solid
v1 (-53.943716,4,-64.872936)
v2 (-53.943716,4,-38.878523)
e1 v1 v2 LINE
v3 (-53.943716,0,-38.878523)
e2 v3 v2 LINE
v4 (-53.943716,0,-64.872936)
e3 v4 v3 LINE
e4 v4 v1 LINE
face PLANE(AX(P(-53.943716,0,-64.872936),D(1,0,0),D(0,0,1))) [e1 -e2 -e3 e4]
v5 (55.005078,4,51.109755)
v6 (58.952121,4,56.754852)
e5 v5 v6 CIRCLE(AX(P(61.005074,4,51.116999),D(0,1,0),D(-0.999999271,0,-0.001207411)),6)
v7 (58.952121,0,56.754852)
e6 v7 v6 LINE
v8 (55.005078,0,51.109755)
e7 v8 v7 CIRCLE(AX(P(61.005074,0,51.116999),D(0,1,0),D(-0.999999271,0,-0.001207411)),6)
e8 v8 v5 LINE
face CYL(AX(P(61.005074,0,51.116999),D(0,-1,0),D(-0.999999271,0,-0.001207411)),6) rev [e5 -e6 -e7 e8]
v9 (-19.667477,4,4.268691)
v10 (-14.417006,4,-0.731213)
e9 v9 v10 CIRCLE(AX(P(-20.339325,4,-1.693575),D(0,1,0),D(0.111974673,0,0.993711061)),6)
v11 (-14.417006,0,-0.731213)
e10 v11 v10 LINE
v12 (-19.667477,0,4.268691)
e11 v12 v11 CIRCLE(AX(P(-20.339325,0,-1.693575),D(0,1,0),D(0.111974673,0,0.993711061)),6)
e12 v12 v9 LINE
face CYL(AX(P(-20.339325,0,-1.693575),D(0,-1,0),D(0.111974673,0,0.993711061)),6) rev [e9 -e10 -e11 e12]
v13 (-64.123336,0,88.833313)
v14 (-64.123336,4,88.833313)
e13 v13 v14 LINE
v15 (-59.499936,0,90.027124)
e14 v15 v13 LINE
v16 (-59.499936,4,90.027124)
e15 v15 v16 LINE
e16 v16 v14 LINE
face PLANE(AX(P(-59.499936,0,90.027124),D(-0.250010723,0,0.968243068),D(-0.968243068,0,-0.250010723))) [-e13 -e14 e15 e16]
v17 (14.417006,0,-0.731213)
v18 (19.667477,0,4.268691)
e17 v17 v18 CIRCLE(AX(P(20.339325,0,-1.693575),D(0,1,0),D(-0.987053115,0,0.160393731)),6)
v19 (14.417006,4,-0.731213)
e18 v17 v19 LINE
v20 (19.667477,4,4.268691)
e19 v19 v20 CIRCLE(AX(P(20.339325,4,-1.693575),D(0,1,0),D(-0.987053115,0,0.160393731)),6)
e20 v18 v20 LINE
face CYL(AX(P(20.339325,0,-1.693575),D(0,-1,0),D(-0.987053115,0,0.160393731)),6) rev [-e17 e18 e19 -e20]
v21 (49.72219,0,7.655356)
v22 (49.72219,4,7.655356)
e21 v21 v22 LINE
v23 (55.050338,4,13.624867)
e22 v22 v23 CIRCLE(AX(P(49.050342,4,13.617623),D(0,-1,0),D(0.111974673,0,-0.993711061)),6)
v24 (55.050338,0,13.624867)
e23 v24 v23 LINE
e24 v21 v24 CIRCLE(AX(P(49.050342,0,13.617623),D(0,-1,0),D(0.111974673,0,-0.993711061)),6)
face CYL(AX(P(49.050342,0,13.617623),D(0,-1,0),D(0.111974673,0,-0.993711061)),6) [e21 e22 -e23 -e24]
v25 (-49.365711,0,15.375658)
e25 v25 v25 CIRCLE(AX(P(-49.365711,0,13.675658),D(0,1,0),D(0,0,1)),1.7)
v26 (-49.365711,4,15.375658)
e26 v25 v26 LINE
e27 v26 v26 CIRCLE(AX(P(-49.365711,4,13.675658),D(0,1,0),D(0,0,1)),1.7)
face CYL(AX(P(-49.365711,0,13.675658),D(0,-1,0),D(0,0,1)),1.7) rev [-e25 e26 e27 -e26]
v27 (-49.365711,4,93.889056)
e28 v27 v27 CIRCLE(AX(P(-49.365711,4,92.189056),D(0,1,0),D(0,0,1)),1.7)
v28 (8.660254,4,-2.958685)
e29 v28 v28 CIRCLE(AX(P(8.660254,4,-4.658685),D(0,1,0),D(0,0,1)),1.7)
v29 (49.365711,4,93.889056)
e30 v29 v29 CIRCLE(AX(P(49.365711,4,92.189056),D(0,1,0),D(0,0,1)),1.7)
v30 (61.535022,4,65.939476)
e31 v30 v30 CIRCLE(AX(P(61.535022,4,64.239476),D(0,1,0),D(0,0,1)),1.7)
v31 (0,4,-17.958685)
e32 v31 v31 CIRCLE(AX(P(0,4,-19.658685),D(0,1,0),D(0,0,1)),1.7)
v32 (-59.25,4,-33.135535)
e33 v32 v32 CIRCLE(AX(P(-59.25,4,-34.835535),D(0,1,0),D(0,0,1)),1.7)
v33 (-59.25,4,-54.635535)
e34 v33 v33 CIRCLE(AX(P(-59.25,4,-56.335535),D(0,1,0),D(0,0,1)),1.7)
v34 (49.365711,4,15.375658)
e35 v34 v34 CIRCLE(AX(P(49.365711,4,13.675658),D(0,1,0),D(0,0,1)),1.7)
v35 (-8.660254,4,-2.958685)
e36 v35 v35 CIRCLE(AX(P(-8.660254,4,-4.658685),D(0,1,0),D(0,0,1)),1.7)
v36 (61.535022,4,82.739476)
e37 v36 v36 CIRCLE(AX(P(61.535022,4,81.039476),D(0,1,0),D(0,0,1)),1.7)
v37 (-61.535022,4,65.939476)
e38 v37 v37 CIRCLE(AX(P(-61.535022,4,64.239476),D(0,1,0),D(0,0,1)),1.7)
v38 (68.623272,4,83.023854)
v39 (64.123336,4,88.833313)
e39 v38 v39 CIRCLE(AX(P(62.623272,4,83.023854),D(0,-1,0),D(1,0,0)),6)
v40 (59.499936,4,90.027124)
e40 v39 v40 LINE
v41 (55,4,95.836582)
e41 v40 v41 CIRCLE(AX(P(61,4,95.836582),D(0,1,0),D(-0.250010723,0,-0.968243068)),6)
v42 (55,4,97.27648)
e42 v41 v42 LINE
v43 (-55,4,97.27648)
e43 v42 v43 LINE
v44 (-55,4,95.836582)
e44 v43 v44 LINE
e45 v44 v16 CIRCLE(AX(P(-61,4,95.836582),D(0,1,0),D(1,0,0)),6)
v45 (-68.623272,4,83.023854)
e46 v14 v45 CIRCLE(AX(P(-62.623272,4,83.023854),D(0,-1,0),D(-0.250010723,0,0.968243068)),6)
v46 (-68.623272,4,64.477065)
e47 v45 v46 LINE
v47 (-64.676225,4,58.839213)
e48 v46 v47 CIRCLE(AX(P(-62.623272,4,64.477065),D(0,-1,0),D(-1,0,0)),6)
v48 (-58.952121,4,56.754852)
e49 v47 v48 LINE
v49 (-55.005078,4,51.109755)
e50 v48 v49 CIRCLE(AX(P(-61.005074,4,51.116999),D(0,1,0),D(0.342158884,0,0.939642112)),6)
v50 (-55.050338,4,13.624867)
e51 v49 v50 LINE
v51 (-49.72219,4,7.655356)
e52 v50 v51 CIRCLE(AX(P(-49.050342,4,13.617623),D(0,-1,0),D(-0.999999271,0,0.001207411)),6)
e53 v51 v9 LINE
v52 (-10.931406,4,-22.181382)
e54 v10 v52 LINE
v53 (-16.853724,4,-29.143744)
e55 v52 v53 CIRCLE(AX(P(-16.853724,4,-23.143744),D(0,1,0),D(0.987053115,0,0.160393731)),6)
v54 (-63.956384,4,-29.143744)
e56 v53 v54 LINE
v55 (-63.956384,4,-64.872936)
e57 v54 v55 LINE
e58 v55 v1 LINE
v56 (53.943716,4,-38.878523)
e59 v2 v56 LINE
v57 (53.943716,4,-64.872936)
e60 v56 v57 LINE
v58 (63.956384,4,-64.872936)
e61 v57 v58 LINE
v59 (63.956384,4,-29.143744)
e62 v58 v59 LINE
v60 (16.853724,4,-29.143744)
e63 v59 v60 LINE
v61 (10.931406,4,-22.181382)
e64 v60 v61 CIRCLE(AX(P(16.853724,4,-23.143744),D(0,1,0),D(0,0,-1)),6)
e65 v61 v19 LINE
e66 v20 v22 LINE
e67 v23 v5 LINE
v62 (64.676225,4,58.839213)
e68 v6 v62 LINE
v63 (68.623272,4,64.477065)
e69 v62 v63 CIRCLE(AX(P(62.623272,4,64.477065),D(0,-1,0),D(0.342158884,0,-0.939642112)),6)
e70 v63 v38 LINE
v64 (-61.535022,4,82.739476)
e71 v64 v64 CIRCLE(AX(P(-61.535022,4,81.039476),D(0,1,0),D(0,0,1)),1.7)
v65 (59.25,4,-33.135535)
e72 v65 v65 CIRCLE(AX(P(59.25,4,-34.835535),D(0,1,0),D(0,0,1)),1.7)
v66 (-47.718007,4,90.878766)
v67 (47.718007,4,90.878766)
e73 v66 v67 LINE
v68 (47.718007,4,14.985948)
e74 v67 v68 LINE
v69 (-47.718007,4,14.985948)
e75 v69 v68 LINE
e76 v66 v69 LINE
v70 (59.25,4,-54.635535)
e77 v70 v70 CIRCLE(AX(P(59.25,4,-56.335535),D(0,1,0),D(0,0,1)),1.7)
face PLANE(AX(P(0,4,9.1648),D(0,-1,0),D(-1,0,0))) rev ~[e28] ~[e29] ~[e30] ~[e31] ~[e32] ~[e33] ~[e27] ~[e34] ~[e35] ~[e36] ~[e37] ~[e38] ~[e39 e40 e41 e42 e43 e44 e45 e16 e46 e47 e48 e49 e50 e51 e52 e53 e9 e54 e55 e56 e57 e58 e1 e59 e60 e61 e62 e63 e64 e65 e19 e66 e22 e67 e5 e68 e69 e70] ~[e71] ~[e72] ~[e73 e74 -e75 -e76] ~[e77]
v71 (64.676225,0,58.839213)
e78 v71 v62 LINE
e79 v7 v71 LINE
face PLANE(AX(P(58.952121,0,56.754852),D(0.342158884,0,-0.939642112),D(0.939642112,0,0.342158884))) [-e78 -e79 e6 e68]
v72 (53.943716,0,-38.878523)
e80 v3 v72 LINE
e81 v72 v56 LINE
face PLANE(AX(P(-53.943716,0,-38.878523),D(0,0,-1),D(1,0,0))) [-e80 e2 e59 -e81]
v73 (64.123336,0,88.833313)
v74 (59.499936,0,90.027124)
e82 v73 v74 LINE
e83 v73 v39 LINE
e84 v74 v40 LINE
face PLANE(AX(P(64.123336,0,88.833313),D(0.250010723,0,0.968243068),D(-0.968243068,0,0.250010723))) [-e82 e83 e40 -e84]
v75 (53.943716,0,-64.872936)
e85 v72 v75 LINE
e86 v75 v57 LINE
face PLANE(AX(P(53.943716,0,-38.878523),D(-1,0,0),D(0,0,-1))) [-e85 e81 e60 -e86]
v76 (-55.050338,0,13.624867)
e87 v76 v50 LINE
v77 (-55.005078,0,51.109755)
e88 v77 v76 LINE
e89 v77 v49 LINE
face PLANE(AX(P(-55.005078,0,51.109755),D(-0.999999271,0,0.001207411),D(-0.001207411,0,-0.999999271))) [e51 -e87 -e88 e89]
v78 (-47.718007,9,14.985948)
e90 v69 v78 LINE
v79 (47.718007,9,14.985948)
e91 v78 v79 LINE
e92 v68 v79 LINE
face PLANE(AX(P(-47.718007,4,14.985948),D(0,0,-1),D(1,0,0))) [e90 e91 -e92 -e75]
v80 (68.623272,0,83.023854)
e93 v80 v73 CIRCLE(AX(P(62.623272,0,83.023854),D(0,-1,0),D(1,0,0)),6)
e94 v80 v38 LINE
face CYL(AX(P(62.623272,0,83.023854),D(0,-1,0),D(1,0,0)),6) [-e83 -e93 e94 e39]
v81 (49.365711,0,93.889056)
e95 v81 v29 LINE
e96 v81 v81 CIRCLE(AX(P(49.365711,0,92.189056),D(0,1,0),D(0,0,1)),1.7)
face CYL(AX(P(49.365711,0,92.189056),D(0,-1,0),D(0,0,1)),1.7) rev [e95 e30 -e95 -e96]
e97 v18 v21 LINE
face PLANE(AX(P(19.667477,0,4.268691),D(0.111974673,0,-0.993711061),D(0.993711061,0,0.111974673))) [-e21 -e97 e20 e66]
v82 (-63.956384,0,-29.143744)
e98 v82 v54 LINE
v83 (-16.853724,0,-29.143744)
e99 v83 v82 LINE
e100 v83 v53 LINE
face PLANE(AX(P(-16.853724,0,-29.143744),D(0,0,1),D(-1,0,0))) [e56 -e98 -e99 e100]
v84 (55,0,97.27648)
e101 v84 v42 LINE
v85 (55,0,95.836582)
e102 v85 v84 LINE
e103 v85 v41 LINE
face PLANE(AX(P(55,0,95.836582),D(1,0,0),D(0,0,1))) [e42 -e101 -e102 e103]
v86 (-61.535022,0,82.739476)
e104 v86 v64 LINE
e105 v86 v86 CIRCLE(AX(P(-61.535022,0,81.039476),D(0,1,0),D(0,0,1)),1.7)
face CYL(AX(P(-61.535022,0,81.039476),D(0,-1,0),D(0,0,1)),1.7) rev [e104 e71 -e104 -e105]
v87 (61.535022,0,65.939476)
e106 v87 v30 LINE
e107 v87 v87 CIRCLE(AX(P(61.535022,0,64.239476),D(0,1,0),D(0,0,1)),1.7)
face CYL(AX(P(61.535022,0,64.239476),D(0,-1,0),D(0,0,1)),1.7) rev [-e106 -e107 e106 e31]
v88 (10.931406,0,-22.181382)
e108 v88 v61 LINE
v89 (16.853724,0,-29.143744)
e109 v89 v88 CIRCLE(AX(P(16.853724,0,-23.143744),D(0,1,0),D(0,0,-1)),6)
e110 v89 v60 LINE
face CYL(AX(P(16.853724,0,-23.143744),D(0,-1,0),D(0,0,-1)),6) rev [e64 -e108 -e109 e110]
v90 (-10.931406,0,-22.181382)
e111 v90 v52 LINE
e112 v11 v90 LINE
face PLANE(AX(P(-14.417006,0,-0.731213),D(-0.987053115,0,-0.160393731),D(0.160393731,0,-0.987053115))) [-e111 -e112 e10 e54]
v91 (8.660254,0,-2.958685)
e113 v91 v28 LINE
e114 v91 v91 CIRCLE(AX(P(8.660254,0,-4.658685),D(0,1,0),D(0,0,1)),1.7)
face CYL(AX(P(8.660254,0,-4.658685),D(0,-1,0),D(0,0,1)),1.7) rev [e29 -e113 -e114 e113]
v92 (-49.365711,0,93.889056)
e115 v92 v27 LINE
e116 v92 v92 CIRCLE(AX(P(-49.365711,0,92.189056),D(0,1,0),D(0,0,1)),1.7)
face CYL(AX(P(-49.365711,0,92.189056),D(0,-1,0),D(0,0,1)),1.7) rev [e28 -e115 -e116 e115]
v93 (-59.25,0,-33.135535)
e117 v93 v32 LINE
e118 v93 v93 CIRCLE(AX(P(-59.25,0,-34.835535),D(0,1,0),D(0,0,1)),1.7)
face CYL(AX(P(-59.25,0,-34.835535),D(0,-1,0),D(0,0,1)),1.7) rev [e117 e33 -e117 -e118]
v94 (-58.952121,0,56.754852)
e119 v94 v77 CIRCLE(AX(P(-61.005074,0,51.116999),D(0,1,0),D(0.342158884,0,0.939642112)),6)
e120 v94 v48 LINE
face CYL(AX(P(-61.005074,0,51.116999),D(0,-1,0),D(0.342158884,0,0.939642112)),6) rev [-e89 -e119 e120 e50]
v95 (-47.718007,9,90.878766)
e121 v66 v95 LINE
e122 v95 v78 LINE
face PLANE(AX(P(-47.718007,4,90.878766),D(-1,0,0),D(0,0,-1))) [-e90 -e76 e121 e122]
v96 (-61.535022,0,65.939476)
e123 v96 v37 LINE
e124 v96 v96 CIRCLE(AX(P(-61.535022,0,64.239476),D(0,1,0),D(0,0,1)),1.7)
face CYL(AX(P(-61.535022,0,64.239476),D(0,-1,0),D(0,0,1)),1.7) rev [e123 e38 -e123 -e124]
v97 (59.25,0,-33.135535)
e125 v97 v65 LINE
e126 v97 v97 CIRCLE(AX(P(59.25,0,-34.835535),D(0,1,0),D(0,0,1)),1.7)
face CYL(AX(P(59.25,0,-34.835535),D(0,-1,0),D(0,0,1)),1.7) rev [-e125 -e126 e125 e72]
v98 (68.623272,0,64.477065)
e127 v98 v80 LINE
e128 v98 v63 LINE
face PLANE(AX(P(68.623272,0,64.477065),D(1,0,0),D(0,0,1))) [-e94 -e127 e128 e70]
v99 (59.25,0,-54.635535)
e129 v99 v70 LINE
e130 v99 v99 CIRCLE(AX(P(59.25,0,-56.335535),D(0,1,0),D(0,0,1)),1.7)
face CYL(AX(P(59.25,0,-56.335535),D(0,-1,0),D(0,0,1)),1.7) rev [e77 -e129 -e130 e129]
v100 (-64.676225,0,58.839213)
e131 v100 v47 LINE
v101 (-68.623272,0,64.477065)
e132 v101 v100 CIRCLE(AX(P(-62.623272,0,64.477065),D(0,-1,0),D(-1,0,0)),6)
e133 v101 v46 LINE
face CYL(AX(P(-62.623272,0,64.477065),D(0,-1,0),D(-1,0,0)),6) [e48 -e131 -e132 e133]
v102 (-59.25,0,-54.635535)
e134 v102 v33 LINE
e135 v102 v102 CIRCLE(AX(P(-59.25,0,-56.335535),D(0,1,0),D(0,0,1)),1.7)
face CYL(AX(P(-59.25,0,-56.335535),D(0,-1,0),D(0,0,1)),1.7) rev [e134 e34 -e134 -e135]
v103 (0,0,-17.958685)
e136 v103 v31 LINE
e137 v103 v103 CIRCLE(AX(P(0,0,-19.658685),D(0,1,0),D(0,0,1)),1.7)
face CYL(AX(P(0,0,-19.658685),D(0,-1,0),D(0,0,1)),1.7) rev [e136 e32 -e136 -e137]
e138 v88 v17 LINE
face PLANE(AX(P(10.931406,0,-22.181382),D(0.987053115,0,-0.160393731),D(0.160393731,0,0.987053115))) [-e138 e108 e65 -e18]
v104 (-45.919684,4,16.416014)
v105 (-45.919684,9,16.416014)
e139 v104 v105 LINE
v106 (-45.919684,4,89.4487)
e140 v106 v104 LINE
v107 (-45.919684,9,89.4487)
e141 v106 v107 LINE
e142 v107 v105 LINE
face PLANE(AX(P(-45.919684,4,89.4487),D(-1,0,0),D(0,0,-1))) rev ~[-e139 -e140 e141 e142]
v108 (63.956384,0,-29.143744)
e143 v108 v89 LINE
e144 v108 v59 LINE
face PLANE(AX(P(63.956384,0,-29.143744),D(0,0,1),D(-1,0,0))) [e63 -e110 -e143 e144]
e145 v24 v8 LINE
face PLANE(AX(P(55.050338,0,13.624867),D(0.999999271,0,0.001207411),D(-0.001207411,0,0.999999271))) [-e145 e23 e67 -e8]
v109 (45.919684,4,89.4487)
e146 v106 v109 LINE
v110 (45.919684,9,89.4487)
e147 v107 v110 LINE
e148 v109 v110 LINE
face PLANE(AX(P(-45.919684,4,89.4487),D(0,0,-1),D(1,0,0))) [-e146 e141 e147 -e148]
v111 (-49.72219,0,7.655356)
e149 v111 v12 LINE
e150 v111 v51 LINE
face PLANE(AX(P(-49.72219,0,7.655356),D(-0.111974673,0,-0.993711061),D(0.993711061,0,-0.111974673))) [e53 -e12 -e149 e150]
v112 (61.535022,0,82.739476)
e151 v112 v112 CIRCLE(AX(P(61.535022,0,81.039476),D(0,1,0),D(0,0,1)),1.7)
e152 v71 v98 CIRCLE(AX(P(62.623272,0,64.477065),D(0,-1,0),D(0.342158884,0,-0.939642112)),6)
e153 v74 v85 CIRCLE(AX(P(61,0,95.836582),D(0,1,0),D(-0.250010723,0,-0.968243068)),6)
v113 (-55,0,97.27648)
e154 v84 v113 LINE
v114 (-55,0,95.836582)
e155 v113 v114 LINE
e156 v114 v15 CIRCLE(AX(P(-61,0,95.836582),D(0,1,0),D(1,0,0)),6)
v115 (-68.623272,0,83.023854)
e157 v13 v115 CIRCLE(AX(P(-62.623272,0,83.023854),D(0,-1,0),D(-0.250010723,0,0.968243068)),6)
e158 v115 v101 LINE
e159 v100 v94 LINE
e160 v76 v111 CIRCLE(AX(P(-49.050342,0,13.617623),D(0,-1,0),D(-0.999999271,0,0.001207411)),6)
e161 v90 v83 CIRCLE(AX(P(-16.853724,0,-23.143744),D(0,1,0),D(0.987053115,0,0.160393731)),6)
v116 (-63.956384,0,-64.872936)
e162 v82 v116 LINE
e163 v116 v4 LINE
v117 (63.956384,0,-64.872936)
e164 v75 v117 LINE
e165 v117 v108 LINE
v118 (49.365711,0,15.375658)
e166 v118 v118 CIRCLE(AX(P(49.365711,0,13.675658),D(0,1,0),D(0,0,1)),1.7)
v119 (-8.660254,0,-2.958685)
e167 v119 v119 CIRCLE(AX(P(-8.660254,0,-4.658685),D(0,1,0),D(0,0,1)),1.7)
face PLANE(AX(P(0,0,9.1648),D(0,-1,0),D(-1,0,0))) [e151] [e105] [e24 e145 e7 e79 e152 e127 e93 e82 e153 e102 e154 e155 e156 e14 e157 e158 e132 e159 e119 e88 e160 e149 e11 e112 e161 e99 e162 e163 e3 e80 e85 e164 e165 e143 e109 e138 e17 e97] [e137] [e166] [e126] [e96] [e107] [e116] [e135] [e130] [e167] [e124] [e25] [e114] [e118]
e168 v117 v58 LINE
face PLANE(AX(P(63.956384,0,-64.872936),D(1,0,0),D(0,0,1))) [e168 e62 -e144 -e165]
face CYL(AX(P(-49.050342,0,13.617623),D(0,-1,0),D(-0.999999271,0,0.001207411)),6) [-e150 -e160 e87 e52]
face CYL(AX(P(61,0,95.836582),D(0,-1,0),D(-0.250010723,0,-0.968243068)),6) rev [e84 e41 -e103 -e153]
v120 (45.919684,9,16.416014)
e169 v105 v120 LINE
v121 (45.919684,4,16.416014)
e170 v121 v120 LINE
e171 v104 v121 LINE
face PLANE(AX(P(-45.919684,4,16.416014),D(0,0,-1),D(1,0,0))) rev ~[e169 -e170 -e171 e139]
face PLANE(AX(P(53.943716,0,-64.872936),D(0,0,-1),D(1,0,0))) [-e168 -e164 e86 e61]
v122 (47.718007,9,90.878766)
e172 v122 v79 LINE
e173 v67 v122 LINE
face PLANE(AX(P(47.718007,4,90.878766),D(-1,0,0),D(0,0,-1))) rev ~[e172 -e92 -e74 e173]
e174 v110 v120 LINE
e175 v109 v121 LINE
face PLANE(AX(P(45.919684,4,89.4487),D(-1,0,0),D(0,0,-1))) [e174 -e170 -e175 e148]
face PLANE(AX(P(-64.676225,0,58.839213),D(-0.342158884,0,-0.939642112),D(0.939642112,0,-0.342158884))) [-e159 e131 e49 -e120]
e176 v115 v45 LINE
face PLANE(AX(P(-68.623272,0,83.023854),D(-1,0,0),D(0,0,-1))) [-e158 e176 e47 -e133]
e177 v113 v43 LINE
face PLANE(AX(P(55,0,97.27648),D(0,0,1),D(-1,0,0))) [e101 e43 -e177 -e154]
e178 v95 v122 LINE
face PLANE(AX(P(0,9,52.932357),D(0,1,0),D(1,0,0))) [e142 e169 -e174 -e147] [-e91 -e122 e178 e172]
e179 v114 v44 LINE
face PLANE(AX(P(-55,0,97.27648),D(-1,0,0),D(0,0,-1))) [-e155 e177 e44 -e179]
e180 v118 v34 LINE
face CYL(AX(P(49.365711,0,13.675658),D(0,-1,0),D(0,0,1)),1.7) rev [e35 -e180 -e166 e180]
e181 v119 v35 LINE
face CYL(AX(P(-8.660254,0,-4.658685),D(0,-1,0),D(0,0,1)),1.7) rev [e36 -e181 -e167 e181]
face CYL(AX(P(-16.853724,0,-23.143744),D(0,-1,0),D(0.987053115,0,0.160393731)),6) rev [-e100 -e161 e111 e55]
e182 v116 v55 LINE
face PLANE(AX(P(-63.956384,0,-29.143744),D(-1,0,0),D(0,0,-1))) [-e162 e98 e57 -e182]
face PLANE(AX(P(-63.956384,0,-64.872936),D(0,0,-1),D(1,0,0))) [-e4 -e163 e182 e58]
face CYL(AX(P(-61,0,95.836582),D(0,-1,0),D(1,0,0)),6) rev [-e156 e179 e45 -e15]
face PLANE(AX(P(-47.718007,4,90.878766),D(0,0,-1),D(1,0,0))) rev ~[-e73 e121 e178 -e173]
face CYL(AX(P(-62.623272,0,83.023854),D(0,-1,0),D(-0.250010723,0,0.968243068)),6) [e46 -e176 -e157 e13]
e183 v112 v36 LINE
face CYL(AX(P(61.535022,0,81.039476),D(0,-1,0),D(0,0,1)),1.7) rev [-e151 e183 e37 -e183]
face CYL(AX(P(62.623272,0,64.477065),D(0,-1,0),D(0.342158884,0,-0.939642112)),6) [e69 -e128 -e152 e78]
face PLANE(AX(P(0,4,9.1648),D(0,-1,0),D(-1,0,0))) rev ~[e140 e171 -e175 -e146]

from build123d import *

# Parameters (mm, degrees)
SKETCH1_R           = 1.7
BOSS_EXTRUDE2_DEPTH = 4
SKETCH4_W           = 95.436014614
SKETCH4_H           = 75.892817578
SKETCH4_W_2         = 91.839367952
SKETCH4_H_2         = 73.032685056
BOSS_EXTRUDE5_DEPTH = 5


with BuildPart() as part:
    # Sketch1 → Boss-Extrude2 (new body)
    with BuildSketch(Plane(origin=(0, 0, 0), x_dir=(1, 0, 0), z_dir=(0, 1, 0))):
        with BuildLine():
            Line((55, -97.276480298), (-55, -97.276480298))
            Line((-55, -97.276480298), (-55, -95.836582418))
            ThreePointArc((-55, -95.836582418), (-56.256563164, -92.16237407), (-59.499935661, -90.027124011))
            Line((-59.499935661, -90.027124011), (-64.123335896, -88.833312587))
            ThreePointArc((-64.123335896, -88.833312587), (-67.366708393, -86.698062528), (-68.623271557, -83.02385418))
            Line((-68.623271557, -83.02385418), (-68.623271557, -64.477065442))
            ThreePointArc((-68.623271557, -64.477065442), (-67.538437873, -61.035969674), (-64.676224862, -58.839212772))
            Line((-64.676224862, -58.839212772), (-58.952120675, -56.75485206))
            ThreePointArc((-58.952120675, -56.75485206), (-56.08783115, -54.555127217), (-55.005078353, -51.109754923))
            Line((-55.005078353, -51.109754923), (-55.050338054, -13.624867313))
            ThreePointArc((-55.050338054, -13.624867313), (-53.526628764, -9.622267963), (-49.722190465, -7.65535648))
            Line((-49.722190465, -7.65535648), (-19.667476765, -4.268691216))
            ThreePointArc((-19.667476765, -4.268691216), (-16.201629955, -2.651477365), (-14.417006114, 0.731212762))
            Line((-14.417006114, 0.731212762), (-10.931405786, 22.181381875))
            ThreePointArc((-10.931405786, 22.181381875), (-12.283485184, 27.031277264), (-16.853724474, 29.143744262))
            Line((-16.853724474, 29.143744262), (-63.956383701, 29.143744262))
            Line((-63.956383701, 29.143744262), (-63.956383701, 64.872936213))
            Line((-63.956383701, 64.872936213), (-53.943716214, 64.872936213))
            Line((-53.943716214, 64.872936213), (-53.943716214, 38.878522988))
            Line((-53.943716214, 38.878522988), (53.943716214, 38.878522988))
            Line((53.943716214, 38.878522988), (53.943716214, 64.872936213))
            Line((53.943716214, 64.872936213), (63.956383701, 64.872936213))
            Line((63.956383701, 64.872936213), (63.956383701, 29.143744262))
            Line((63.956383701, 29.143744262), (16.853724474, 29.143744262))
            ThreePointArc((16.853724474, 29.143744262), (12.283485184, 27.031277264), (10.931405786, 22.181381875))
            Line((10.931405786, 22.181381875), (14.417006114, 0.731212762))
            ThreePointArc((14.417006114, 0.731212762), (16.201629955, -2.651477365), (19.667476765, -4.268691216))
            Line((19.667476765, -4.268691216), (49.722190465, -7.65535648))
            ThreePointArc((49.722190465, -7.65535648), (53.526628764, -9.622267963), (55.050338054, -13.624867313))
            Line((55.050338054, -13.624867313), (55.005078353, -51.109754923))
            ThreePointArc((55.005078353, -51.109754923), (56.08783115, -54.555127217), (58.952120675, -56.75485206))
            Line((58.952120675, -56.75485206), (64.676224862, -58.839212772))
            ThreePointArc((64.676224862, -58.839212772), (67.538437873, -61.035969674), (68.623271557, -64.477065442))
            Line((68.623271557, -64.477065442), (68.623271557, -83.02385418))
            ThreePointArc((68.623271557, -83.02385418), (67.366708393, -86.698062528), (64.123335896, -88.833312587))
            Line((64.123335896, -88.833312587), (59.499935661, -90.027124011))
            ThreePointArc((59.499935661, -90.027124011), (56.256563164, -92.16237407), (55, -95.836582418))
            Line((55, -95.836582418), (55, -97.276480298))
        make_face()
        with Locations(Location((-59.25, 56.33553485, 0), (0, 0, 270))):
            Circle(SKETCH1_R, mode=Mode.SUBTRACT)
        with Locations(Location((-59.25, 34.83553485, 0), (0, 0, 270))):
            Circle(SKETCH1_R, mode=Mode.SUBTRACT)
        with Locations(Location((59.25, 34.83553485, 0), (0, 0, 270))):
            Circle(SKETCH1_R, mode=Mode.SUBTRACT)
        with Locations(Location((59.25, 56.33553485, 0), (0, 0, 270))):
            Circle(SKETCH1_R, mode=Mode.SUBTRACT)
        with Locations(Location((0, 19.658684952, 0), (0, 0, 270))):
            Circle(SKETCH1_R, mode=Mode.SUBTRACT)
        with Locations(Location((61.535021632, -64.239476302, 0), (0, 0, 270))):
            Circle(SKETCH1_R, mode=Mode.SUBTRACT)
        with Locations(Location((-8.660254038, 4.658684952, 0), (0, 0, 270))):
            Circle(SKETCH1_R, mode=Mode.SUBTRACT)
        with Locations(Location((8.660254038, 4.658684952, 0), (0, 0, 270))):
            Circle(SKETCH1_R, mode=Mode.SUBTRACT)
        with Locations(Location((61.535021632, -81.039476302, 0), (0, 0, 270))):
            Circle(SKETCH1_R, mode=Mode.SUBTRACT)
        with Locations(Location((-61.535021632, -81.039476302, 0), (0, 0, 270))):
            Circle(SKETCH1_R, mode=Mode.SUBTRACT)
        with Locations(Location((-61.535021632, -64.239476302, 0), (0, 0, 270))):
            Circle(SKETCH1_R, mode=Mode.SUBTRACT)
        with Locations(Location((-49.365711, -13.675658, 0), (0, 0, 270))):
            Circle(SKETCH1_R, mode=Mode.SUBTRACT)
        with Locations(Location((-49.365711, -92.189056, 0), (0, 0, 270))):
            Circle(SKETCH1_R, mode=Mode.SUBTRACT)
        with Locations(Location((49.365711, -92.189056, 0), (0, 0, 270))):
            Circle(SKETCH1_R, mode=Mode.SUBTRACT)
        with Locations(Location((49.365711, -13.675658, 0), (0, 0, 270))):
            Circle(SKETCH1_R, mode=Mode.SUBTRACT)
    extrude(amount=BOSS_EXTRUDE2_DEPTH)

    # Sketch4 → Boss-Extrude5 (add)
    with BuildSketch(Plane(origin=(0, 4, 0), x_dir=(1, 0, 0), z_dir=(0, 1, 0))):
        with Locations((0, -52.932357)):
            Rectangle(SKETCH4_W, SKETCH4_H)
        with Locations((0, -52.932357)):
            Rectangle(SKETCH4_W_2, SKETCH4_H_2, mode=Mode.SUBTRACT)
    extrude(amount=BOSS_EXTRUDE5_DEPTH)


solid = part.part
